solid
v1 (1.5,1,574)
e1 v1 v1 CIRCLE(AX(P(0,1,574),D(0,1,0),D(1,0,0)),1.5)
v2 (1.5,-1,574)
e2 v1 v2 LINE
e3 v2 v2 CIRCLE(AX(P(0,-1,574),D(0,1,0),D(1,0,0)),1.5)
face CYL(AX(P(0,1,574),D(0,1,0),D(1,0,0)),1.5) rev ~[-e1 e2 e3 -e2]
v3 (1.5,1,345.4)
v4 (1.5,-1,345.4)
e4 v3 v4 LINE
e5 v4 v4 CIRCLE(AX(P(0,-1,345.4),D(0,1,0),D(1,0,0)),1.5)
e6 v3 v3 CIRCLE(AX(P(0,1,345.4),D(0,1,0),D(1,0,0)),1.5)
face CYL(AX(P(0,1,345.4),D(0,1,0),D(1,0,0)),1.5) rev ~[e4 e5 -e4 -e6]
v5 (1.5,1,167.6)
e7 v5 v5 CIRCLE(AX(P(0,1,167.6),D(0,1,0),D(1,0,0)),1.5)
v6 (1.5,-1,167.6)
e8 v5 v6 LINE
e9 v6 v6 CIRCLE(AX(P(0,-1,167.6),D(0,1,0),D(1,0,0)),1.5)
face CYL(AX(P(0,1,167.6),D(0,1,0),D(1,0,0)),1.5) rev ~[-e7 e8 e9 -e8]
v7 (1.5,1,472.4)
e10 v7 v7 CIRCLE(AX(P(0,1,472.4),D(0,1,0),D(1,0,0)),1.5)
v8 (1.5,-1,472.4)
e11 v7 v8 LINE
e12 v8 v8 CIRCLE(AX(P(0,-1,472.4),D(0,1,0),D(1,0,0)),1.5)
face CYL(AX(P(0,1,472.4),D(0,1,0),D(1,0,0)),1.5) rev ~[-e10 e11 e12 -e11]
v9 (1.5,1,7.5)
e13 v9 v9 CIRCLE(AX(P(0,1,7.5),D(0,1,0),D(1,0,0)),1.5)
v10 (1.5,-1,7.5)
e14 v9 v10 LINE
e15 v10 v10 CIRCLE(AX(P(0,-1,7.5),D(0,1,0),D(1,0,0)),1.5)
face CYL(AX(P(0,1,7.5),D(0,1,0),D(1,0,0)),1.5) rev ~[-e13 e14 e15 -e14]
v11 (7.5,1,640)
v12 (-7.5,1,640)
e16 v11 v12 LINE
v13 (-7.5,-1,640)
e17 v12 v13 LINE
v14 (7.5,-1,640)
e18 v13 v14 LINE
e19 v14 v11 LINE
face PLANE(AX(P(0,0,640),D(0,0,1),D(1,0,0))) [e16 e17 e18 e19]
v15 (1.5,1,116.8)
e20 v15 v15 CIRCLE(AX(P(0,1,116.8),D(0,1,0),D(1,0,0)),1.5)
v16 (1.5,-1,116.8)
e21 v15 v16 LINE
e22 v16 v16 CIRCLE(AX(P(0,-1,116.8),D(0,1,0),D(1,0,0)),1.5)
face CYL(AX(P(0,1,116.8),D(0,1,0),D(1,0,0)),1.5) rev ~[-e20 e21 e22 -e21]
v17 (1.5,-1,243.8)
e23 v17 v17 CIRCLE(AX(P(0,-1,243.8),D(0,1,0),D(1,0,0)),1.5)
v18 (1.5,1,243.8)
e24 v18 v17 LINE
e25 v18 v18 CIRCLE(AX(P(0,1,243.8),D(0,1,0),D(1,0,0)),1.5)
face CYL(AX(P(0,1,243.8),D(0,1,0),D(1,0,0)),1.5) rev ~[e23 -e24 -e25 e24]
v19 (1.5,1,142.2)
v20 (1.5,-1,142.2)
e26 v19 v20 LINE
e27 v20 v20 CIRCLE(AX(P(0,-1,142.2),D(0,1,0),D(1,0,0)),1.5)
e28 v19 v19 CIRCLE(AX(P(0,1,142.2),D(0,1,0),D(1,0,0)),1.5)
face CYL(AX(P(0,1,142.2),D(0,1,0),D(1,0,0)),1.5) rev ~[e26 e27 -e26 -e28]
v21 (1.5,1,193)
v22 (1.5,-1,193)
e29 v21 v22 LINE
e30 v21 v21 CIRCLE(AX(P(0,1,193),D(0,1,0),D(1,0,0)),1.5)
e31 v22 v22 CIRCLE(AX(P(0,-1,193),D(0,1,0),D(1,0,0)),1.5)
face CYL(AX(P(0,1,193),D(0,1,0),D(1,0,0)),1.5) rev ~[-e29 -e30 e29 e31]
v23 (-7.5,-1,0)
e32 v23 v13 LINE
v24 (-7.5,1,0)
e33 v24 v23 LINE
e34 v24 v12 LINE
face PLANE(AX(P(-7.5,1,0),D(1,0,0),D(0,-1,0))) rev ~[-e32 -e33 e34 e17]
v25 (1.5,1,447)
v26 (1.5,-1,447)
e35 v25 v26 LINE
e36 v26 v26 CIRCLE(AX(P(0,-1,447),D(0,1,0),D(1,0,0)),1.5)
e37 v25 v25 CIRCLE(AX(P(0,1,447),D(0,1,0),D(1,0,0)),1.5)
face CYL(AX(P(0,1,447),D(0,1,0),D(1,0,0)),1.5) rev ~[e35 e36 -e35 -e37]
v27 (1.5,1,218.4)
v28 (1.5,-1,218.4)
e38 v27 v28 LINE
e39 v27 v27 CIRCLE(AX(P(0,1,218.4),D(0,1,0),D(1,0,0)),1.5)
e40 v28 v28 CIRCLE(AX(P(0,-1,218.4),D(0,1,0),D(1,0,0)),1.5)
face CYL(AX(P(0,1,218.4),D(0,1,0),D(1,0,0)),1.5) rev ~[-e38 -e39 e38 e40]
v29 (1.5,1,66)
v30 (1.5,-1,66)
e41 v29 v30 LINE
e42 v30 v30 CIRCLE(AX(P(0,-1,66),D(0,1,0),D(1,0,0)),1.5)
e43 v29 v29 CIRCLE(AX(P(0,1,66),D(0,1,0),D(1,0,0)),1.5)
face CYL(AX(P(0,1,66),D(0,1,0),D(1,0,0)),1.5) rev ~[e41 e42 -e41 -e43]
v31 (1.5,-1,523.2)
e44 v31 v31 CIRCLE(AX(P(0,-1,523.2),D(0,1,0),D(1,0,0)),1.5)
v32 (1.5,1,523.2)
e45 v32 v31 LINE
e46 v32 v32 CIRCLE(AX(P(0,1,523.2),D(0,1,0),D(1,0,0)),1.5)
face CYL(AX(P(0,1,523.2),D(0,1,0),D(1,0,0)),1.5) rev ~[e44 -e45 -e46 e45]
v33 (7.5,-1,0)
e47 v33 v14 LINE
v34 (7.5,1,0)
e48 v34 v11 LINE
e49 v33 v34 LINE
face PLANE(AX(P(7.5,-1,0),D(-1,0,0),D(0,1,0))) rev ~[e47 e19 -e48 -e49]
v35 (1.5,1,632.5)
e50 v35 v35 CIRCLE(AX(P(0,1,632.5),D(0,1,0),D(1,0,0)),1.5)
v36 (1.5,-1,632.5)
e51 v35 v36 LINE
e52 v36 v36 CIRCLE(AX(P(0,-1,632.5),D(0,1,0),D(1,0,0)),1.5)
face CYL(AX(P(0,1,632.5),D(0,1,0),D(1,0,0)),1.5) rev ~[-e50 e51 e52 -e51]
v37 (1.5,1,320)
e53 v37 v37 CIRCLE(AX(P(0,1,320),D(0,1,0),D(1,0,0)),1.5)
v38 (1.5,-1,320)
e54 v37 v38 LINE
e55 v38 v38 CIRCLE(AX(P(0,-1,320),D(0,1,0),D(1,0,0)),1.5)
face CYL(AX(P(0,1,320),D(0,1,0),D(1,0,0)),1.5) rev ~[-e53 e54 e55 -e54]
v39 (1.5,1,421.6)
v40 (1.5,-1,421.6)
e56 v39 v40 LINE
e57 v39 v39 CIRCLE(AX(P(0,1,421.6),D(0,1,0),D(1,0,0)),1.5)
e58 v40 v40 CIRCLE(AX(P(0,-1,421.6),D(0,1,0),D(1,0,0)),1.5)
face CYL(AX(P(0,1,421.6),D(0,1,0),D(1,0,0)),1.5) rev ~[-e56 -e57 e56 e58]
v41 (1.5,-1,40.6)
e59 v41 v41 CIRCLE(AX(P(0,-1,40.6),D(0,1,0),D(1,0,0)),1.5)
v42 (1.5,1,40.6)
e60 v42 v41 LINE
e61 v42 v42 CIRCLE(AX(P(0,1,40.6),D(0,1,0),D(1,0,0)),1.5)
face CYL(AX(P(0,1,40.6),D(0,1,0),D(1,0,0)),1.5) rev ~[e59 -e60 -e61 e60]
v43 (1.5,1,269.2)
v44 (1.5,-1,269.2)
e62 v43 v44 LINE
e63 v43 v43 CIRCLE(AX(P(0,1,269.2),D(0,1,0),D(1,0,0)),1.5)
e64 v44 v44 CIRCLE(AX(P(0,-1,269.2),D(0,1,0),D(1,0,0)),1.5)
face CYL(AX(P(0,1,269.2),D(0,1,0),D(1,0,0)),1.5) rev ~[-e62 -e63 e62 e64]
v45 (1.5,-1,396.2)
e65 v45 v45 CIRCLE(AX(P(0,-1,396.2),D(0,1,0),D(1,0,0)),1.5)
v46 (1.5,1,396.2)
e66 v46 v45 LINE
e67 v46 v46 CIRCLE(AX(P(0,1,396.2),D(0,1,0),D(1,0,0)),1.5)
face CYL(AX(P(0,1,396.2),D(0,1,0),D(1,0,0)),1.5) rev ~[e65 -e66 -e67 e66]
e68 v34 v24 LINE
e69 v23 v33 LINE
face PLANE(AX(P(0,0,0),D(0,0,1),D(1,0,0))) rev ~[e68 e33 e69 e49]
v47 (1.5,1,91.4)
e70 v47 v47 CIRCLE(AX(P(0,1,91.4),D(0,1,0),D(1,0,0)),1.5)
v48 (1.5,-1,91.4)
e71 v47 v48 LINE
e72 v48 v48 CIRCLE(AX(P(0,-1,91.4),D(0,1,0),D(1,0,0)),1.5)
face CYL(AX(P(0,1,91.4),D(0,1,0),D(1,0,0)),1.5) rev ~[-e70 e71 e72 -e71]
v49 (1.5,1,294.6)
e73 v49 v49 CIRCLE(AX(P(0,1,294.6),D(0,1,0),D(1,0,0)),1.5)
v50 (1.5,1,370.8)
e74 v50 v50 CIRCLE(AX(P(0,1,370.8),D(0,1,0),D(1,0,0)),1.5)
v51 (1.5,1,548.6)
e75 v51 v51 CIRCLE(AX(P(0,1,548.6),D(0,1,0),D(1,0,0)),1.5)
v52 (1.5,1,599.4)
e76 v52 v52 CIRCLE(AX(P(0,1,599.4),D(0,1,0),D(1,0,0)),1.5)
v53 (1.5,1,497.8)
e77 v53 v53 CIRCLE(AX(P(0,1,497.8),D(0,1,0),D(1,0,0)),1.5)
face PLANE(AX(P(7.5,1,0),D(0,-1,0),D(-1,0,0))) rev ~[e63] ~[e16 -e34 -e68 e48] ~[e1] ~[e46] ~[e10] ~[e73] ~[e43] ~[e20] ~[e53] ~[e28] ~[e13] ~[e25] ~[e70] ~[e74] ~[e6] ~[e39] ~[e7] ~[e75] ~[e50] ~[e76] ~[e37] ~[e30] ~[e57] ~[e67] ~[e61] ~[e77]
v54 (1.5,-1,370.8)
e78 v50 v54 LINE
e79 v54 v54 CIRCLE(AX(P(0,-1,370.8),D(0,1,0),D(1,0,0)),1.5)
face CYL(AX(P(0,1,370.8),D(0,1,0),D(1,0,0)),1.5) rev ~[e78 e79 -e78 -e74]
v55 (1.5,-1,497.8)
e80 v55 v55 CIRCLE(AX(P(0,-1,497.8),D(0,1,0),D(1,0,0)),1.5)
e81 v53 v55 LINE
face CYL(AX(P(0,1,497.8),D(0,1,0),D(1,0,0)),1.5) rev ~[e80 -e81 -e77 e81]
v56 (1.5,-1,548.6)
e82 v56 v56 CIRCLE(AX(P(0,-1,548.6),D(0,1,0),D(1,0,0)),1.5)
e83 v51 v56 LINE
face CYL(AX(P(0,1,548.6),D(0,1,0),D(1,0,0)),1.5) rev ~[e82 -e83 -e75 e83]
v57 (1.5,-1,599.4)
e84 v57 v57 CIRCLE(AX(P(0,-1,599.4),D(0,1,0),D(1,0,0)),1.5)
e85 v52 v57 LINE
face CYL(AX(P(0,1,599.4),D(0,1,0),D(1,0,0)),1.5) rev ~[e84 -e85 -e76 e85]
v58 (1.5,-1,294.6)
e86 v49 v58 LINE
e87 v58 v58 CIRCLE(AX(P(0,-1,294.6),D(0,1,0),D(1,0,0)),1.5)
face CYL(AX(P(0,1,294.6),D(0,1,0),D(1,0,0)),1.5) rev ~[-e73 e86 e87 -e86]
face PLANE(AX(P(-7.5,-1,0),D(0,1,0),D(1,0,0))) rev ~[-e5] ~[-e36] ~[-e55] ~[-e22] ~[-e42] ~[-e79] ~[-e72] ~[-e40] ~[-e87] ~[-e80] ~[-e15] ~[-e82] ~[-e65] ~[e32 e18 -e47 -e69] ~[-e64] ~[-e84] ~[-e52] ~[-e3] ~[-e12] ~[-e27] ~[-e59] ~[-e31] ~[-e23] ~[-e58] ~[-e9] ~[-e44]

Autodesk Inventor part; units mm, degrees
ref_plane "YZ Plane" through (0, 0, 0) normal (1, 0, 0) x (0, 1, 0)
ref_plane "XZ Plane" through (0, 0, 0) normal (0, 1, 0) x (-1, 0, 0)
ref_plane "XY Plane" through (0, 0, 0) normal (0, 0, 1) x (1, 0, 0)
sketch "Náčrt1" plane through (0, 0, 0) normal (0, 0, 1) x (1, 0, 0)
  line L0 (-7.5, -1) -> (7.5, -1)
  line L1 (7.5, -1) -> (7.5, 1)
  line L2 (7.5, 1) -> (-7.5, 1)
  line L3 (-7.5, 1) -> (-7.5, -1)
  line L4 (-7.5, -1) -> (7.5, 1) construction
  line L5 (7.5, -1) -> (-7.5, 1) construction
  point P0 (0, 0)
  dimension "d0" = 15
  dimension "d1" = 2
extrude "Vysunutí1" add sketch "Náčrt1" along normal blind 640
sketch "Náčrt2" plane through (-7.5, 1, 0) normal (0, 1, 0) x (1, 0, 0)
  line L0 (15, 0) -> (0, 0) projected
  line L1 (0, 0) -> (0, -640) projected
  line L2 (15, -640) -> (0, -640) projected
  line L3 (15, 0) -> (15, -640) projected
  circle A0 centre (7.5, -7.5) radius 1.5
  line L4 (15, 0) -> (15, -640) projected
  line L5 (15, -320) -> (0, -320)
  circle A1 centre (7.5, -632.5) radius 1.5
  point P0 (7.5, 0)
  dimension "d4" = 7.5
  dimension "d6" = 7.5
  dimension "d7" = 3
extrude "Vysunutí2" cut sketch "Náčrt2" against normal up to next contours A0 | A1
sketch "Náčrt3" plane through (-7.5, 1, 0) normal (0, 1, 0) x (1, 0, 0)
  line L0 (15, 0) -> (15, -640) projected
  line L1 (0, 0) -> (0, -640) projected
  circle A0 centre (7.5, -320) radius 1.5
  line L2 (15, 0) -> (0, 0) projected
  point P0 (7.5, 0)
  dimension "d11" = 3
  dimension "d12" = 7.5
  dimension "d13" = 320
extrude "Vysunutí3" cut sketch "Náčrt3" against normal up to next
pattern_linear "Obdélníkové pole1" count 12 spacing 25.4 along (0, 0, 1) count 12 spacing 25.4 along (0, 0, -1) of "Vysunutí3"
equation "\"d0\" = width"
equation "\"d1\" = thickness"
equation "\"d2\" = length"
equation "\"d4\" = 0.5 * width"
equation "\"d6\" = 0.5 * width"
equation "\"d7\" = holeDia"
equation "\"d8\" = length"
equation "\"d12\" = 0.5 * width"
equation "\"d13\" = 0.5 * length"
equation "\"d14\" = length"
equation "\"d16\" = 0.5 * holeCount"
equation "\"d18\" = holeDistance"
equation "\"d19\" = 0.5 * holeCount"
equation "\"d21\" = holeDistance"
equation "\"length\" = gCabinet_FerriteCore_Width"
equation "\"width\" = 15"
equation "\"thickness\" = 2"
equation "\"holeDia\" = 3"
equation "\"holeDistance\" = 25.4"
equation "\"holeCount\" = 23"
equation "\"gCabinet_FerriteCore_Width\" = 640"
properties part number "Profile-Flat-01"
